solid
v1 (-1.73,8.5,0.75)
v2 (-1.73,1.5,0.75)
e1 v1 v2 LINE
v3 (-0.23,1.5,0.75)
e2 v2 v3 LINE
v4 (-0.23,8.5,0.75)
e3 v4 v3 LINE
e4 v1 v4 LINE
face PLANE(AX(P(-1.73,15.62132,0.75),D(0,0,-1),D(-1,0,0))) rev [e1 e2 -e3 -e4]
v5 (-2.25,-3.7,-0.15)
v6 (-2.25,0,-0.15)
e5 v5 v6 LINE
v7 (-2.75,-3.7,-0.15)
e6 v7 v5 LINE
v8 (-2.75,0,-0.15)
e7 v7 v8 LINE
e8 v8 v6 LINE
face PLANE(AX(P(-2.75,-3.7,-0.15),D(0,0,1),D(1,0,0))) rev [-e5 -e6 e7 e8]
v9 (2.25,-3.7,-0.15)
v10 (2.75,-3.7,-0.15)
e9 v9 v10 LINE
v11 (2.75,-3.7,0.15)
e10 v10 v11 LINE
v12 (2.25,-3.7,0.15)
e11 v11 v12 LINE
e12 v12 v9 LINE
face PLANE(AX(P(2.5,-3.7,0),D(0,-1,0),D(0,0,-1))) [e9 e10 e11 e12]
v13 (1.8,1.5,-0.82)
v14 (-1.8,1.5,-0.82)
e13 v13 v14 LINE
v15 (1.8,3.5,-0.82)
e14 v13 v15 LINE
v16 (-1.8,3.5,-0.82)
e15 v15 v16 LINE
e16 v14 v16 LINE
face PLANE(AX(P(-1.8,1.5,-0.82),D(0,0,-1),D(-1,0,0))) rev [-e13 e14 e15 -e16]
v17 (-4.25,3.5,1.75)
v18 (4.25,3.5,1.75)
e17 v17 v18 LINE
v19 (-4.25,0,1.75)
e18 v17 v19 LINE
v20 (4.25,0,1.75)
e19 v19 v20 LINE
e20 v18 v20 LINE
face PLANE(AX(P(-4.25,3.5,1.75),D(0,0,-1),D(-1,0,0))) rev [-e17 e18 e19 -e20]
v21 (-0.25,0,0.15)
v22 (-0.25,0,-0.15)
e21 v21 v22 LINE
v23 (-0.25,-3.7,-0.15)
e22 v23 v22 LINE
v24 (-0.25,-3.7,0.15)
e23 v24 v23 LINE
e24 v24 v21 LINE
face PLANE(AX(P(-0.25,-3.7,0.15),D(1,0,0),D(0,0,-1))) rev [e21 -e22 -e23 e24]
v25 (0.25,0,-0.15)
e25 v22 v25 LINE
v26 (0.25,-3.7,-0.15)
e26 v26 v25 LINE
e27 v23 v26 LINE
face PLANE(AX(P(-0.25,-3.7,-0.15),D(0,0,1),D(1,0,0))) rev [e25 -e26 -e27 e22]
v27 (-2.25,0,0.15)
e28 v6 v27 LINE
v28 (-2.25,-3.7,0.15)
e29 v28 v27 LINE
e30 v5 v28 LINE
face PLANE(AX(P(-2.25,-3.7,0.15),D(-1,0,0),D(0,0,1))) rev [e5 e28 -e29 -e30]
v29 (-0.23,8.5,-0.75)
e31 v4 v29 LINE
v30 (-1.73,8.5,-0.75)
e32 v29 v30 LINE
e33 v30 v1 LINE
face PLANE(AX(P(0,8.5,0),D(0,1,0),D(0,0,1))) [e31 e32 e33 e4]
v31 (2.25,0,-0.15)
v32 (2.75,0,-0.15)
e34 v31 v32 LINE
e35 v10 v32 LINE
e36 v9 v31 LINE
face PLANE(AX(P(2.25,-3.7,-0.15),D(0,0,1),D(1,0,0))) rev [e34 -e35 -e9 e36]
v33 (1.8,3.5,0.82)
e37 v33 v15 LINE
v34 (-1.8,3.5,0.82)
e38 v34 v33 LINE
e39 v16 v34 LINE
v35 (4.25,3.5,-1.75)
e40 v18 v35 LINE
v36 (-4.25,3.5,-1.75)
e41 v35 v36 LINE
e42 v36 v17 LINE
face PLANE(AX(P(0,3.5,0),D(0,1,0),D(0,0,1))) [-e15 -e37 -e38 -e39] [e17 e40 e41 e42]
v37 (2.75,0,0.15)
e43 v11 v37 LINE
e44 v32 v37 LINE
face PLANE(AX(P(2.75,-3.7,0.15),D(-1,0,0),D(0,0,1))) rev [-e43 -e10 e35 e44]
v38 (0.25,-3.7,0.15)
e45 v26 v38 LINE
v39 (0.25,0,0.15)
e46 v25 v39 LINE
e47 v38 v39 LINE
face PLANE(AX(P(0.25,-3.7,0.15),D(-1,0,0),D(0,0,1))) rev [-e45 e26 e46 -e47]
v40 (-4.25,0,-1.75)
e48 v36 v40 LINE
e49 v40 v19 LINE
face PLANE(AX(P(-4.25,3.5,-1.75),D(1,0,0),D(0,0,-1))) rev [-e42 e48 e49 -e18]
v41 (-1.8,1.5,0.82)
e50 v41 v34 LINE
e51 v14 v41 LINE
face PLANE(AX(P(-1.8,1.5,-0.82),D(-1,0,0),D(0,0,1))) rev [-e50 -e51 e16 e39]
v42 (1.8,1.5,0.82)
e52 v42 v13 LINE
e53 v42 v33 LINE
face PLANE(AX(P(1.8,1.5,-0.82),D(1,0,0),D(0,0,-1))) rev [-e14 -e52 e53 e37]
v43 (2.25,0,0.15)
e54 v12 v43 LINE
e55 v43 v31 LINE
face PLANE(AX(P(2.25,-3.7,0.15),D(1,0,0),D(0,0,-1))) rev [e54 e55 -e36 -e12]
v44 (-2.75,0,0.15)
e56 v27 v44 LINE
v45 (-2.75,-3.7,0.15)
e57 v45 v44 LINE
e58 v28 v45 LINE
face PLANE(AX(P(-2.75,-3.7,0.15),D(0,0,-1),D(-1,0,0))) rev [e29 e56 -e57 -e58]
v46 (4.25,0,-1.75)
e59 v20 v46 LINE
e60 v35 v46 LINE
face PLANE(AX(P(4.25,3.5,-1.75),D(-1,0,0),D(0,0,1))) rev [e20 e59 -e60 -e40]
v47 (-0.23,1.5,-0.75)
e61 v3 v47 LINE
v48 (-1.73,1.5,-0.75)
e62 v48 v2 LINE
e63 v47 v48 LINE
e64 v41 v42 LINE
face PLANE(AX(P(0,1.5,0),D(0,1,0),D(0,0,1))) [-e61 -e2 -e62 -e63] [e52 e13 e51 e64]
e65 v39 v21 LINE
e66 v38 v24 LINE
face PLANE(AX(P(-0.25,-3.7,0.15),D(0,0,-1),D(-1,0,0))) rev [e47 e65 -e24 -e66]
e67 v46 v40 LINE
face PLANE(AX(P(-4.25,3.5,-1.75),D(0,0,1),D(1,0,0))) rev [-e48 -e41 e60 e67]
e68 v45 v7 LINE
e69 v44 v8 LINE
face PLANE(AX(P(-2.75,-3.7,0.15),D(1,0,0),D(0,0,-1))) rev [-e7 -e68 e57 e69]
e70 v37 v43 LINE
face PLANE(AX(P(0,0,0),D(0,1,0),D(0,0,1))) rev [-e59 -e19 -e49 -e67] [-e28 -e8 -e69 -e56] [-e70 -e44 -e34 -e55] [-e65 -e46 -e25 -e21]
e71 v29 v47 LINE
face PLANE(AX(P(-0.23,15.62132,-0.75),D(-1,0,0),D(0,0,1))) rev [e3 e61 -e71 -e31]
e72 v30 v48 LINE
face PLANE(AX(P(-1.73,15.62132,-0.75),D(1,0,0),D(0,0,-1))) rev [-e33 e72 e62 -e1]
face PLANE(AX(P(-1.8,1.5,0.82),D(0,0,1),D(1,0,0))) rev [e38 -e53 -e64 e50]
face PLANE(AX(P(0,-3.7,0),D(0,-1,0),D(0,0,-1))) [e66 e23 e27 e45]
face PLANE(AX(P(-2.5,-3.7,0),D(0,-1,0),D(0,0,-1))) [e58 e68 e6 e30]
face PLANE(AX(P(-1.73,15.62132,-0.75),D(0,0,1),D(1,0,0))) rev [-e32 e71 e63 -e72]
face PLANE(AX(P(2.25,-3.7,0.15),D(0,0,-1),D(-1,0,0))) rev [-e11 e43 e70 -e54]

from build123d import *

# Parameters (mm, degrees)
SKETCH1_W           = 8.5
SKETCH1_H           = 3.5
BOSS_EXTRUDE1_DEPTH = 3.5
SKETCH2_W           = 3.6
SKETCH2_H           = 1.64
CUT_EXTRUDE1_DEPTH  = 2
SKETCH3_W           = 1.5
SKETCH3_H           = 1.5
BOSS_EXTRUDE3_DEPTH = 7
SKETCH4_W           = 0.5
SKETCH4_H           = 0.3
BOSS_EXTRUDE4_DEPTH = 3.7
LPATTERN1_COUNT     = 2
LPATTERN1_PITCH     = 2.5
LPATTERN1_COL_COUNT = 2
LPATTERN1_COL_PITCH = 2.5


with BuildPart() as part:
    # Sketch1 → Boss-Extrude1 (new body)
    with BuildSketch(Plane(origin=(0, 0, 0), x_dir=(1, 0, 0), z_dir=(0, 1, 0))):
        Rectangle(SKETCH1_W, SKETCH1_H)
    extrude(amount=BOSS_EXTRUDE1_DEPTH)

    # Sketch2 → Cut-Extrude1 (cut)
    with BuildSketch(Plane(origin=(0, 3.5, 0), x_dir=(1, 0, 0), z_dir=(0, 1, 0))):
        Rectangle(SKETCH2_W, SKETCH2_H)
    extrude(amount=-CUT_EXTRUDE1_DEPTH, mode=Mode.SUBTRACT)

    # Sketch3 → Boss-Extrude3 (add)
    with BuildSketch(Plane(origin=(0, 1.5, 0), x_dir=(1, 0, 0), z_dir=(0, 1, 0))):
        with Locations((-0.98, 0)):
            Rectangle(SKETCH3_W, SKETCH3_H)
    extrude(amount=BOSS_EXTRUDE3_DEPTH)

    # Sketch4 → Boss-Extrude4 (add)
    with BuildSketch(Plane.XZ):
        Rectangle(SKETCH4_W, SKETCH4_H)
    boss_extrude4 = extrude(amount=BOSS_EXTRUDE4_DEPTH)

    # LPattern1: Boss-Extrude4 ×2
    with Locations(*[(i * LPATTERN1_PITCH, 0, 0) for i in range(1, LPATTERN1_COUNT)]):
        add(boss_extrude4)

    # LPattern1 col: Boss-Extrude4 ×2
    with Locations(*[(-i * LPATTERN1_COL_PITCH, 0, 0) for i in range(1, LPATTERN1_COL_COUNT)]):
        add(boss_extrude4)


solid = part.part
